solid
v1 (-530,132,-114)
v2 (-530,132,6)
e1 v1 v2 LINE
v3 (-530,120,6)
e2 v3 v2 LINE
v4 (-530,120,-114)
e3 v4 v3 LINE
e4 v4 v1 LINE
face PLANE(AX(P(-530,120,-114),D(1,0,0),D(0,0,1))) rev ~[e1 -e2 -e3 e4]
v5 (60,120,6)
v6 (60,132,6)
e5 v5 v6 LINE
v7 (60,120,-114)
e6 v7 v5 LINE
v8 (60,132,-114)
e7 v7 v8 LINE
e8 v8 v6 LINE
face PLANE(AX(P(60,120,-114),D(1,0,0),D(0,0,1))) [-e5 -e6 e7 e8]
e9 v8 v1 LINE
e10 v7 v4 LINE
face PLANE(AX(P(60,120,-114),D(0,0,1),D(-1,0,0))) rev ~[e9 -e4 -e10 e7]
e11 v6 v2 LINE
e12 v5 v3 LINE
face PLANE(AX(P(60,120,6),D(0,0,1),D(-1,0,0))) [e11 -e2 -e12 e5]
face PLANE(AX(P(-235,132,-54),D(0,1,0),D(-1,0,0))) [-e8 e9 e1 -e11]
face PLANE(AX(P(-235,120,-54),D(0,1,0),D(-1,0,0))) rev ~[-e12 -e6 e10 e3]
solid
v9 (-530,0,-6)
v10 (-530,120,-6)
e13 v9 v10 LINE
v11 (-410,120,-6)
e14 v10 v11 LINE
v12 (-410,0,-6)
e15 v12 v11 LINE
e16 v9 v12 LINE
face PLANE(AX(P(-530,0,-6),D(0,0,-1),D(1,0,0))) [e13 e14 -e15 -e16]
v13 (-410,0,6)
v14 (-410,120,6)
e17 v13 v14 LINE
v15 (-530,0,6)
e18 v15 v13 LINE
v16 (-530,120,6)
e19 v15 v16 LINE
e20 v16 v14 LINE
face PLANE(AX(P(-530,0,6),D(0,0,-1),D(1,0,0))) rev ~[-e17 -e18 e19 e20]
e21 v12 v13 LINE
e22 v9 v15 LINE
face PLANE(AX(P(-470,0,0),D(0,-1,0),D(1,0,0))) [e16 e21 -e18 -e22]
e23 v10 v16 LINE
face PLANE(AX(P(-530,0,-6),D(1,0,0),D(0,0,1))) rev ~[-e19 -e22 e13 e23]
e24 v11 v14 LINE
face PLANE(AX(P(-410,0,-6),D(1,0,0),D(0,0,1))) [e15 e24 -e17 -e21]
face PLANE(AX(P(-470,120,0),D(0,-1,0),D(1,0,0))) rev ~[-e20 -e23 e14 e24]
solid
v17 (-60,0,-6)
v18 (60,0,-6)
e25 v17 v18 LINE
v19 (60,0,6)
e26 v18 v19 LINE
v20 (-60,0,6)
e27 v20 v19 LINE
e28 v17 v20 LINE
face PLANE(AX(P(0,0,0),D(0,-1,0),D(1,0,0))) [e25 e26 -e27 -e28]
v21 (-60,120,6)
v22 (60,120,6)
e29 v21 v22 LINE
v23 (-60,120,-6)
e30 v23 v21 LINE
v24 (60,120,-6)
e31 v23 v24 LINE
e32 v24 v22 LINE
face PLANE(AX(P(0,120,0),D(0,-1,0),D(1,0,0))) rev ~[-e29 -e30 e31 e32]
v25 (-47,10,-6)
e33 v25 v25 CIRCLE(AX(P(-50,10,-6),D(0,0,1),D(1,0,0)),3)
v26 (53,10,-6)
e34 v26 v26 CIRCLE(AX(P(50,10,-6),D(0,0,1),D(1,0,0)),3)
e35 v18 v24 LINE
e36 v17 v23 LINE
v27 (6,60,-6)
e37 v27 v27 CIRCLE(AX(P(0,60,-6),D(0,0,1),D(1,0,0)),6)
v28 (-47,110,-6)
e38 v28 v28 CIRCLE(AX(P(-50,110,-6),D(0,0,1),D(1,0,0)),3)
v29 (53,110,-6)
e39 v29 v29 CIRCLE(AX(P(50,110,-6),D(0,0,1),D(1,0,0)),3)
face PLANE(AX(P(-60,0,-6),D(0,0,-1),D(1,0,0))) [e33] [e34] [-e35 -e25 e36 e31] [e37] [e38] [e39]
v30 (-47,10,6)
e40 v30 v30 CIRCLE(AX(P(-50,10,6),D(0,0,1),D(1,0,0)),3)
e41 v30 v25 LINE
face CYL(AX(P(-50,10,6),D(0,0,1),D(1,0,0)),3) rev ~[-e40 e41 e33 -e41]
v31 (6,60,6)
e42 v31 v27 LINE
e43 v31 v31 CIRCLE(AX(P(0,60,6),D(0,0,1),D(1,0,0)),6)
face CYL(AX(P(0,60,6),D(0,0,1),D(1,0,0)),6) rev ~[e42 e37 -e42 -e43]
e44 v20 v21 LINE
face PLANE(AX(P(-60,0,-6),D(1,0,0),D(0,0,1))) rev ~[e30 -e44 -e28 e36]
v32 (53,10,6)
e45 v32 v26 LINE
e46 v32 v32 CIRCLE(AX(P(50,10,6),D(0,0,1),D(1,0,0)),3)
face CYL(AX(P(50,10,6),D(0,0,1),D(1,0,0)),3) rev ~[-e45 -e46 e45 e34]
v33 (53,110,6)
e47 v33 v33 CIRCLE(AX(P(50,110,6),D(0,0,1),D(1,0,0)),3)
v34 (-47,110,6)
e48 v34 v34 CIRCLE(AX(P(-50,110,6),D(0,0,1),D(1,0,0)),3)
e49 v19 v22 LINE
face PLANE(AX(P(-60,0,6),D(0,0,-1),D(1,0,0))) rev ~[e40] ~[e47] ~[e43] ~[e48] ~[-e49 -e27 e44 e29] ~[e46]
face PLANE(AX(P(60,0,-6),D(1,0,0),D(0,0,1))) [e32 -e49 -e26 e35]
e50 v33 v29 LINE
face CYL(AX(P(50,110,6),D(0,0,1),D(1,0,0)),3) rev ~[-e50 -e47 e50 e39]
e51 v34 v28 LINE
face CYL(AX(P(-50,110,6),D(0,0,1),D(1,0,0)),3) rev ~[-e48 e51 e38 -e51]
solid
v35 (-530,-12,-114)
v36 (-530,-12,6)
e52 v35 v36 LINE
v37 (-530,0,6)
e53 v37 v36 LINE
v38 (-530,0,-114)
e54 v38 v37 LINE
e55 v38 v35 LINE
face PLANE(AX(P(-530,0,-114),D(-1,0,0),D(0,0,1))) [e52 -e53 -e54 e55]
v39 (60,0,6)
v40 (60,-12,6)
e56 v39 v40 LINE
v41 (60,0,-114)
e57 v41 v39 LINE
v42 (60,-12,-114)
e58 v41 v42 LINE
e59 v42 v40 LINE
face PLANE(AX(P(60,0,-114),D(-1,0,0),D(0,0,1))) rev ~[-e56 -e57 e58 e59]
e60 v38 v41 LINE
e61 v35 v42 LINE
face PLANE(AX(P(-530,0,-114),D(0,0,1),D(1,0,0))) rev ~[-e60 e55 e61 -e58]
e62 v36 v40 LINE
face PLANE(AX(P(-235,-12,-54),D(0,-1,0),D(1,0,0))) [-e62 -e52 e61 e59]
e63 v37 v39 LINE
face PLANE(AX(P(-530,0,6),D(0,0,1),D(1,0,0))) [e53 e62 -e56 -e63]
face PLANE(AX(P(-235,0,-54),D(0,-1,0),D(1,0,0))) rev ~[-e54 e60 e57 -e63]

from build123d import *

# Parameters (mm, degrees)
F0_W     = 120
F0_H     = 12
F1_DEPTH = 120
F2_W     = 590
F2_H     = 120
F3_DEPTH = 12
F4_W     = 120
F4_H     = 12
F5_DEPTH = 120
F6_W     = 590
F6_H     = 120
F7_DEPTH = 12
F8_R     = 3
F8_R_2   = 6
F9_DEPTH = 120.001


with BuildPart() as f1:
    # F0 (on Front) → F1 (new body)
    with BuildSketch(Plane.XZ):
        Rectangle(F0_W, F0_H)
    extrude(amount=-F1_DEPTH)

    # F8 (on face) → F9 (cut, through all)
    with BuildSketch(Plane.XY.offset(6)):
        with Locations((50, 110)):
            Circle(F8_R)
        with Locations((-50, 110)):
            Circle(F8_R)
        with Locations((-50, 10)):
            Circle(F8_R)
        with Locations((0, 60)):
            Circle(F8_R_2)
        with Locations((50, 10)):
            Circle(F8_R)
    extrude(amount=-F9_DEPTH, mode=Mode.SUBTRACT)


with BuildPart() as f3:
    # F2 (on Front) → F3 (new body)
    with BuildSketch(Plane.XZ):
        with Locations((-235, -54)):
            Rectangle(F2_W, F2_H)
    extrude(amount=F3_DEPTH)


with BuildPart() as f5:
    # F4 (on Front) → F5 (new body)
    with BuildSketch(Plane.XZ):
        with Locations((-470, 0)):
            Rectangle(F4_W, F4_H)
    extrude(amount=-F5_DEPTH)


with BuildPart() as f7:
    # F6 (on face) → F7 (new body)
    with BuildSketch(Plane(origin=(0, 120, 0), x_dir=(-1, 0, 0), z_dir=(0, 1, 0))):
        with Locations((235, -54)):
            Rectangle(F6_W, F6_H)
    extrude(amount=F7_DEPTH)


solid = Compound([f1.part, f3.part, f5.part, f7.part])
